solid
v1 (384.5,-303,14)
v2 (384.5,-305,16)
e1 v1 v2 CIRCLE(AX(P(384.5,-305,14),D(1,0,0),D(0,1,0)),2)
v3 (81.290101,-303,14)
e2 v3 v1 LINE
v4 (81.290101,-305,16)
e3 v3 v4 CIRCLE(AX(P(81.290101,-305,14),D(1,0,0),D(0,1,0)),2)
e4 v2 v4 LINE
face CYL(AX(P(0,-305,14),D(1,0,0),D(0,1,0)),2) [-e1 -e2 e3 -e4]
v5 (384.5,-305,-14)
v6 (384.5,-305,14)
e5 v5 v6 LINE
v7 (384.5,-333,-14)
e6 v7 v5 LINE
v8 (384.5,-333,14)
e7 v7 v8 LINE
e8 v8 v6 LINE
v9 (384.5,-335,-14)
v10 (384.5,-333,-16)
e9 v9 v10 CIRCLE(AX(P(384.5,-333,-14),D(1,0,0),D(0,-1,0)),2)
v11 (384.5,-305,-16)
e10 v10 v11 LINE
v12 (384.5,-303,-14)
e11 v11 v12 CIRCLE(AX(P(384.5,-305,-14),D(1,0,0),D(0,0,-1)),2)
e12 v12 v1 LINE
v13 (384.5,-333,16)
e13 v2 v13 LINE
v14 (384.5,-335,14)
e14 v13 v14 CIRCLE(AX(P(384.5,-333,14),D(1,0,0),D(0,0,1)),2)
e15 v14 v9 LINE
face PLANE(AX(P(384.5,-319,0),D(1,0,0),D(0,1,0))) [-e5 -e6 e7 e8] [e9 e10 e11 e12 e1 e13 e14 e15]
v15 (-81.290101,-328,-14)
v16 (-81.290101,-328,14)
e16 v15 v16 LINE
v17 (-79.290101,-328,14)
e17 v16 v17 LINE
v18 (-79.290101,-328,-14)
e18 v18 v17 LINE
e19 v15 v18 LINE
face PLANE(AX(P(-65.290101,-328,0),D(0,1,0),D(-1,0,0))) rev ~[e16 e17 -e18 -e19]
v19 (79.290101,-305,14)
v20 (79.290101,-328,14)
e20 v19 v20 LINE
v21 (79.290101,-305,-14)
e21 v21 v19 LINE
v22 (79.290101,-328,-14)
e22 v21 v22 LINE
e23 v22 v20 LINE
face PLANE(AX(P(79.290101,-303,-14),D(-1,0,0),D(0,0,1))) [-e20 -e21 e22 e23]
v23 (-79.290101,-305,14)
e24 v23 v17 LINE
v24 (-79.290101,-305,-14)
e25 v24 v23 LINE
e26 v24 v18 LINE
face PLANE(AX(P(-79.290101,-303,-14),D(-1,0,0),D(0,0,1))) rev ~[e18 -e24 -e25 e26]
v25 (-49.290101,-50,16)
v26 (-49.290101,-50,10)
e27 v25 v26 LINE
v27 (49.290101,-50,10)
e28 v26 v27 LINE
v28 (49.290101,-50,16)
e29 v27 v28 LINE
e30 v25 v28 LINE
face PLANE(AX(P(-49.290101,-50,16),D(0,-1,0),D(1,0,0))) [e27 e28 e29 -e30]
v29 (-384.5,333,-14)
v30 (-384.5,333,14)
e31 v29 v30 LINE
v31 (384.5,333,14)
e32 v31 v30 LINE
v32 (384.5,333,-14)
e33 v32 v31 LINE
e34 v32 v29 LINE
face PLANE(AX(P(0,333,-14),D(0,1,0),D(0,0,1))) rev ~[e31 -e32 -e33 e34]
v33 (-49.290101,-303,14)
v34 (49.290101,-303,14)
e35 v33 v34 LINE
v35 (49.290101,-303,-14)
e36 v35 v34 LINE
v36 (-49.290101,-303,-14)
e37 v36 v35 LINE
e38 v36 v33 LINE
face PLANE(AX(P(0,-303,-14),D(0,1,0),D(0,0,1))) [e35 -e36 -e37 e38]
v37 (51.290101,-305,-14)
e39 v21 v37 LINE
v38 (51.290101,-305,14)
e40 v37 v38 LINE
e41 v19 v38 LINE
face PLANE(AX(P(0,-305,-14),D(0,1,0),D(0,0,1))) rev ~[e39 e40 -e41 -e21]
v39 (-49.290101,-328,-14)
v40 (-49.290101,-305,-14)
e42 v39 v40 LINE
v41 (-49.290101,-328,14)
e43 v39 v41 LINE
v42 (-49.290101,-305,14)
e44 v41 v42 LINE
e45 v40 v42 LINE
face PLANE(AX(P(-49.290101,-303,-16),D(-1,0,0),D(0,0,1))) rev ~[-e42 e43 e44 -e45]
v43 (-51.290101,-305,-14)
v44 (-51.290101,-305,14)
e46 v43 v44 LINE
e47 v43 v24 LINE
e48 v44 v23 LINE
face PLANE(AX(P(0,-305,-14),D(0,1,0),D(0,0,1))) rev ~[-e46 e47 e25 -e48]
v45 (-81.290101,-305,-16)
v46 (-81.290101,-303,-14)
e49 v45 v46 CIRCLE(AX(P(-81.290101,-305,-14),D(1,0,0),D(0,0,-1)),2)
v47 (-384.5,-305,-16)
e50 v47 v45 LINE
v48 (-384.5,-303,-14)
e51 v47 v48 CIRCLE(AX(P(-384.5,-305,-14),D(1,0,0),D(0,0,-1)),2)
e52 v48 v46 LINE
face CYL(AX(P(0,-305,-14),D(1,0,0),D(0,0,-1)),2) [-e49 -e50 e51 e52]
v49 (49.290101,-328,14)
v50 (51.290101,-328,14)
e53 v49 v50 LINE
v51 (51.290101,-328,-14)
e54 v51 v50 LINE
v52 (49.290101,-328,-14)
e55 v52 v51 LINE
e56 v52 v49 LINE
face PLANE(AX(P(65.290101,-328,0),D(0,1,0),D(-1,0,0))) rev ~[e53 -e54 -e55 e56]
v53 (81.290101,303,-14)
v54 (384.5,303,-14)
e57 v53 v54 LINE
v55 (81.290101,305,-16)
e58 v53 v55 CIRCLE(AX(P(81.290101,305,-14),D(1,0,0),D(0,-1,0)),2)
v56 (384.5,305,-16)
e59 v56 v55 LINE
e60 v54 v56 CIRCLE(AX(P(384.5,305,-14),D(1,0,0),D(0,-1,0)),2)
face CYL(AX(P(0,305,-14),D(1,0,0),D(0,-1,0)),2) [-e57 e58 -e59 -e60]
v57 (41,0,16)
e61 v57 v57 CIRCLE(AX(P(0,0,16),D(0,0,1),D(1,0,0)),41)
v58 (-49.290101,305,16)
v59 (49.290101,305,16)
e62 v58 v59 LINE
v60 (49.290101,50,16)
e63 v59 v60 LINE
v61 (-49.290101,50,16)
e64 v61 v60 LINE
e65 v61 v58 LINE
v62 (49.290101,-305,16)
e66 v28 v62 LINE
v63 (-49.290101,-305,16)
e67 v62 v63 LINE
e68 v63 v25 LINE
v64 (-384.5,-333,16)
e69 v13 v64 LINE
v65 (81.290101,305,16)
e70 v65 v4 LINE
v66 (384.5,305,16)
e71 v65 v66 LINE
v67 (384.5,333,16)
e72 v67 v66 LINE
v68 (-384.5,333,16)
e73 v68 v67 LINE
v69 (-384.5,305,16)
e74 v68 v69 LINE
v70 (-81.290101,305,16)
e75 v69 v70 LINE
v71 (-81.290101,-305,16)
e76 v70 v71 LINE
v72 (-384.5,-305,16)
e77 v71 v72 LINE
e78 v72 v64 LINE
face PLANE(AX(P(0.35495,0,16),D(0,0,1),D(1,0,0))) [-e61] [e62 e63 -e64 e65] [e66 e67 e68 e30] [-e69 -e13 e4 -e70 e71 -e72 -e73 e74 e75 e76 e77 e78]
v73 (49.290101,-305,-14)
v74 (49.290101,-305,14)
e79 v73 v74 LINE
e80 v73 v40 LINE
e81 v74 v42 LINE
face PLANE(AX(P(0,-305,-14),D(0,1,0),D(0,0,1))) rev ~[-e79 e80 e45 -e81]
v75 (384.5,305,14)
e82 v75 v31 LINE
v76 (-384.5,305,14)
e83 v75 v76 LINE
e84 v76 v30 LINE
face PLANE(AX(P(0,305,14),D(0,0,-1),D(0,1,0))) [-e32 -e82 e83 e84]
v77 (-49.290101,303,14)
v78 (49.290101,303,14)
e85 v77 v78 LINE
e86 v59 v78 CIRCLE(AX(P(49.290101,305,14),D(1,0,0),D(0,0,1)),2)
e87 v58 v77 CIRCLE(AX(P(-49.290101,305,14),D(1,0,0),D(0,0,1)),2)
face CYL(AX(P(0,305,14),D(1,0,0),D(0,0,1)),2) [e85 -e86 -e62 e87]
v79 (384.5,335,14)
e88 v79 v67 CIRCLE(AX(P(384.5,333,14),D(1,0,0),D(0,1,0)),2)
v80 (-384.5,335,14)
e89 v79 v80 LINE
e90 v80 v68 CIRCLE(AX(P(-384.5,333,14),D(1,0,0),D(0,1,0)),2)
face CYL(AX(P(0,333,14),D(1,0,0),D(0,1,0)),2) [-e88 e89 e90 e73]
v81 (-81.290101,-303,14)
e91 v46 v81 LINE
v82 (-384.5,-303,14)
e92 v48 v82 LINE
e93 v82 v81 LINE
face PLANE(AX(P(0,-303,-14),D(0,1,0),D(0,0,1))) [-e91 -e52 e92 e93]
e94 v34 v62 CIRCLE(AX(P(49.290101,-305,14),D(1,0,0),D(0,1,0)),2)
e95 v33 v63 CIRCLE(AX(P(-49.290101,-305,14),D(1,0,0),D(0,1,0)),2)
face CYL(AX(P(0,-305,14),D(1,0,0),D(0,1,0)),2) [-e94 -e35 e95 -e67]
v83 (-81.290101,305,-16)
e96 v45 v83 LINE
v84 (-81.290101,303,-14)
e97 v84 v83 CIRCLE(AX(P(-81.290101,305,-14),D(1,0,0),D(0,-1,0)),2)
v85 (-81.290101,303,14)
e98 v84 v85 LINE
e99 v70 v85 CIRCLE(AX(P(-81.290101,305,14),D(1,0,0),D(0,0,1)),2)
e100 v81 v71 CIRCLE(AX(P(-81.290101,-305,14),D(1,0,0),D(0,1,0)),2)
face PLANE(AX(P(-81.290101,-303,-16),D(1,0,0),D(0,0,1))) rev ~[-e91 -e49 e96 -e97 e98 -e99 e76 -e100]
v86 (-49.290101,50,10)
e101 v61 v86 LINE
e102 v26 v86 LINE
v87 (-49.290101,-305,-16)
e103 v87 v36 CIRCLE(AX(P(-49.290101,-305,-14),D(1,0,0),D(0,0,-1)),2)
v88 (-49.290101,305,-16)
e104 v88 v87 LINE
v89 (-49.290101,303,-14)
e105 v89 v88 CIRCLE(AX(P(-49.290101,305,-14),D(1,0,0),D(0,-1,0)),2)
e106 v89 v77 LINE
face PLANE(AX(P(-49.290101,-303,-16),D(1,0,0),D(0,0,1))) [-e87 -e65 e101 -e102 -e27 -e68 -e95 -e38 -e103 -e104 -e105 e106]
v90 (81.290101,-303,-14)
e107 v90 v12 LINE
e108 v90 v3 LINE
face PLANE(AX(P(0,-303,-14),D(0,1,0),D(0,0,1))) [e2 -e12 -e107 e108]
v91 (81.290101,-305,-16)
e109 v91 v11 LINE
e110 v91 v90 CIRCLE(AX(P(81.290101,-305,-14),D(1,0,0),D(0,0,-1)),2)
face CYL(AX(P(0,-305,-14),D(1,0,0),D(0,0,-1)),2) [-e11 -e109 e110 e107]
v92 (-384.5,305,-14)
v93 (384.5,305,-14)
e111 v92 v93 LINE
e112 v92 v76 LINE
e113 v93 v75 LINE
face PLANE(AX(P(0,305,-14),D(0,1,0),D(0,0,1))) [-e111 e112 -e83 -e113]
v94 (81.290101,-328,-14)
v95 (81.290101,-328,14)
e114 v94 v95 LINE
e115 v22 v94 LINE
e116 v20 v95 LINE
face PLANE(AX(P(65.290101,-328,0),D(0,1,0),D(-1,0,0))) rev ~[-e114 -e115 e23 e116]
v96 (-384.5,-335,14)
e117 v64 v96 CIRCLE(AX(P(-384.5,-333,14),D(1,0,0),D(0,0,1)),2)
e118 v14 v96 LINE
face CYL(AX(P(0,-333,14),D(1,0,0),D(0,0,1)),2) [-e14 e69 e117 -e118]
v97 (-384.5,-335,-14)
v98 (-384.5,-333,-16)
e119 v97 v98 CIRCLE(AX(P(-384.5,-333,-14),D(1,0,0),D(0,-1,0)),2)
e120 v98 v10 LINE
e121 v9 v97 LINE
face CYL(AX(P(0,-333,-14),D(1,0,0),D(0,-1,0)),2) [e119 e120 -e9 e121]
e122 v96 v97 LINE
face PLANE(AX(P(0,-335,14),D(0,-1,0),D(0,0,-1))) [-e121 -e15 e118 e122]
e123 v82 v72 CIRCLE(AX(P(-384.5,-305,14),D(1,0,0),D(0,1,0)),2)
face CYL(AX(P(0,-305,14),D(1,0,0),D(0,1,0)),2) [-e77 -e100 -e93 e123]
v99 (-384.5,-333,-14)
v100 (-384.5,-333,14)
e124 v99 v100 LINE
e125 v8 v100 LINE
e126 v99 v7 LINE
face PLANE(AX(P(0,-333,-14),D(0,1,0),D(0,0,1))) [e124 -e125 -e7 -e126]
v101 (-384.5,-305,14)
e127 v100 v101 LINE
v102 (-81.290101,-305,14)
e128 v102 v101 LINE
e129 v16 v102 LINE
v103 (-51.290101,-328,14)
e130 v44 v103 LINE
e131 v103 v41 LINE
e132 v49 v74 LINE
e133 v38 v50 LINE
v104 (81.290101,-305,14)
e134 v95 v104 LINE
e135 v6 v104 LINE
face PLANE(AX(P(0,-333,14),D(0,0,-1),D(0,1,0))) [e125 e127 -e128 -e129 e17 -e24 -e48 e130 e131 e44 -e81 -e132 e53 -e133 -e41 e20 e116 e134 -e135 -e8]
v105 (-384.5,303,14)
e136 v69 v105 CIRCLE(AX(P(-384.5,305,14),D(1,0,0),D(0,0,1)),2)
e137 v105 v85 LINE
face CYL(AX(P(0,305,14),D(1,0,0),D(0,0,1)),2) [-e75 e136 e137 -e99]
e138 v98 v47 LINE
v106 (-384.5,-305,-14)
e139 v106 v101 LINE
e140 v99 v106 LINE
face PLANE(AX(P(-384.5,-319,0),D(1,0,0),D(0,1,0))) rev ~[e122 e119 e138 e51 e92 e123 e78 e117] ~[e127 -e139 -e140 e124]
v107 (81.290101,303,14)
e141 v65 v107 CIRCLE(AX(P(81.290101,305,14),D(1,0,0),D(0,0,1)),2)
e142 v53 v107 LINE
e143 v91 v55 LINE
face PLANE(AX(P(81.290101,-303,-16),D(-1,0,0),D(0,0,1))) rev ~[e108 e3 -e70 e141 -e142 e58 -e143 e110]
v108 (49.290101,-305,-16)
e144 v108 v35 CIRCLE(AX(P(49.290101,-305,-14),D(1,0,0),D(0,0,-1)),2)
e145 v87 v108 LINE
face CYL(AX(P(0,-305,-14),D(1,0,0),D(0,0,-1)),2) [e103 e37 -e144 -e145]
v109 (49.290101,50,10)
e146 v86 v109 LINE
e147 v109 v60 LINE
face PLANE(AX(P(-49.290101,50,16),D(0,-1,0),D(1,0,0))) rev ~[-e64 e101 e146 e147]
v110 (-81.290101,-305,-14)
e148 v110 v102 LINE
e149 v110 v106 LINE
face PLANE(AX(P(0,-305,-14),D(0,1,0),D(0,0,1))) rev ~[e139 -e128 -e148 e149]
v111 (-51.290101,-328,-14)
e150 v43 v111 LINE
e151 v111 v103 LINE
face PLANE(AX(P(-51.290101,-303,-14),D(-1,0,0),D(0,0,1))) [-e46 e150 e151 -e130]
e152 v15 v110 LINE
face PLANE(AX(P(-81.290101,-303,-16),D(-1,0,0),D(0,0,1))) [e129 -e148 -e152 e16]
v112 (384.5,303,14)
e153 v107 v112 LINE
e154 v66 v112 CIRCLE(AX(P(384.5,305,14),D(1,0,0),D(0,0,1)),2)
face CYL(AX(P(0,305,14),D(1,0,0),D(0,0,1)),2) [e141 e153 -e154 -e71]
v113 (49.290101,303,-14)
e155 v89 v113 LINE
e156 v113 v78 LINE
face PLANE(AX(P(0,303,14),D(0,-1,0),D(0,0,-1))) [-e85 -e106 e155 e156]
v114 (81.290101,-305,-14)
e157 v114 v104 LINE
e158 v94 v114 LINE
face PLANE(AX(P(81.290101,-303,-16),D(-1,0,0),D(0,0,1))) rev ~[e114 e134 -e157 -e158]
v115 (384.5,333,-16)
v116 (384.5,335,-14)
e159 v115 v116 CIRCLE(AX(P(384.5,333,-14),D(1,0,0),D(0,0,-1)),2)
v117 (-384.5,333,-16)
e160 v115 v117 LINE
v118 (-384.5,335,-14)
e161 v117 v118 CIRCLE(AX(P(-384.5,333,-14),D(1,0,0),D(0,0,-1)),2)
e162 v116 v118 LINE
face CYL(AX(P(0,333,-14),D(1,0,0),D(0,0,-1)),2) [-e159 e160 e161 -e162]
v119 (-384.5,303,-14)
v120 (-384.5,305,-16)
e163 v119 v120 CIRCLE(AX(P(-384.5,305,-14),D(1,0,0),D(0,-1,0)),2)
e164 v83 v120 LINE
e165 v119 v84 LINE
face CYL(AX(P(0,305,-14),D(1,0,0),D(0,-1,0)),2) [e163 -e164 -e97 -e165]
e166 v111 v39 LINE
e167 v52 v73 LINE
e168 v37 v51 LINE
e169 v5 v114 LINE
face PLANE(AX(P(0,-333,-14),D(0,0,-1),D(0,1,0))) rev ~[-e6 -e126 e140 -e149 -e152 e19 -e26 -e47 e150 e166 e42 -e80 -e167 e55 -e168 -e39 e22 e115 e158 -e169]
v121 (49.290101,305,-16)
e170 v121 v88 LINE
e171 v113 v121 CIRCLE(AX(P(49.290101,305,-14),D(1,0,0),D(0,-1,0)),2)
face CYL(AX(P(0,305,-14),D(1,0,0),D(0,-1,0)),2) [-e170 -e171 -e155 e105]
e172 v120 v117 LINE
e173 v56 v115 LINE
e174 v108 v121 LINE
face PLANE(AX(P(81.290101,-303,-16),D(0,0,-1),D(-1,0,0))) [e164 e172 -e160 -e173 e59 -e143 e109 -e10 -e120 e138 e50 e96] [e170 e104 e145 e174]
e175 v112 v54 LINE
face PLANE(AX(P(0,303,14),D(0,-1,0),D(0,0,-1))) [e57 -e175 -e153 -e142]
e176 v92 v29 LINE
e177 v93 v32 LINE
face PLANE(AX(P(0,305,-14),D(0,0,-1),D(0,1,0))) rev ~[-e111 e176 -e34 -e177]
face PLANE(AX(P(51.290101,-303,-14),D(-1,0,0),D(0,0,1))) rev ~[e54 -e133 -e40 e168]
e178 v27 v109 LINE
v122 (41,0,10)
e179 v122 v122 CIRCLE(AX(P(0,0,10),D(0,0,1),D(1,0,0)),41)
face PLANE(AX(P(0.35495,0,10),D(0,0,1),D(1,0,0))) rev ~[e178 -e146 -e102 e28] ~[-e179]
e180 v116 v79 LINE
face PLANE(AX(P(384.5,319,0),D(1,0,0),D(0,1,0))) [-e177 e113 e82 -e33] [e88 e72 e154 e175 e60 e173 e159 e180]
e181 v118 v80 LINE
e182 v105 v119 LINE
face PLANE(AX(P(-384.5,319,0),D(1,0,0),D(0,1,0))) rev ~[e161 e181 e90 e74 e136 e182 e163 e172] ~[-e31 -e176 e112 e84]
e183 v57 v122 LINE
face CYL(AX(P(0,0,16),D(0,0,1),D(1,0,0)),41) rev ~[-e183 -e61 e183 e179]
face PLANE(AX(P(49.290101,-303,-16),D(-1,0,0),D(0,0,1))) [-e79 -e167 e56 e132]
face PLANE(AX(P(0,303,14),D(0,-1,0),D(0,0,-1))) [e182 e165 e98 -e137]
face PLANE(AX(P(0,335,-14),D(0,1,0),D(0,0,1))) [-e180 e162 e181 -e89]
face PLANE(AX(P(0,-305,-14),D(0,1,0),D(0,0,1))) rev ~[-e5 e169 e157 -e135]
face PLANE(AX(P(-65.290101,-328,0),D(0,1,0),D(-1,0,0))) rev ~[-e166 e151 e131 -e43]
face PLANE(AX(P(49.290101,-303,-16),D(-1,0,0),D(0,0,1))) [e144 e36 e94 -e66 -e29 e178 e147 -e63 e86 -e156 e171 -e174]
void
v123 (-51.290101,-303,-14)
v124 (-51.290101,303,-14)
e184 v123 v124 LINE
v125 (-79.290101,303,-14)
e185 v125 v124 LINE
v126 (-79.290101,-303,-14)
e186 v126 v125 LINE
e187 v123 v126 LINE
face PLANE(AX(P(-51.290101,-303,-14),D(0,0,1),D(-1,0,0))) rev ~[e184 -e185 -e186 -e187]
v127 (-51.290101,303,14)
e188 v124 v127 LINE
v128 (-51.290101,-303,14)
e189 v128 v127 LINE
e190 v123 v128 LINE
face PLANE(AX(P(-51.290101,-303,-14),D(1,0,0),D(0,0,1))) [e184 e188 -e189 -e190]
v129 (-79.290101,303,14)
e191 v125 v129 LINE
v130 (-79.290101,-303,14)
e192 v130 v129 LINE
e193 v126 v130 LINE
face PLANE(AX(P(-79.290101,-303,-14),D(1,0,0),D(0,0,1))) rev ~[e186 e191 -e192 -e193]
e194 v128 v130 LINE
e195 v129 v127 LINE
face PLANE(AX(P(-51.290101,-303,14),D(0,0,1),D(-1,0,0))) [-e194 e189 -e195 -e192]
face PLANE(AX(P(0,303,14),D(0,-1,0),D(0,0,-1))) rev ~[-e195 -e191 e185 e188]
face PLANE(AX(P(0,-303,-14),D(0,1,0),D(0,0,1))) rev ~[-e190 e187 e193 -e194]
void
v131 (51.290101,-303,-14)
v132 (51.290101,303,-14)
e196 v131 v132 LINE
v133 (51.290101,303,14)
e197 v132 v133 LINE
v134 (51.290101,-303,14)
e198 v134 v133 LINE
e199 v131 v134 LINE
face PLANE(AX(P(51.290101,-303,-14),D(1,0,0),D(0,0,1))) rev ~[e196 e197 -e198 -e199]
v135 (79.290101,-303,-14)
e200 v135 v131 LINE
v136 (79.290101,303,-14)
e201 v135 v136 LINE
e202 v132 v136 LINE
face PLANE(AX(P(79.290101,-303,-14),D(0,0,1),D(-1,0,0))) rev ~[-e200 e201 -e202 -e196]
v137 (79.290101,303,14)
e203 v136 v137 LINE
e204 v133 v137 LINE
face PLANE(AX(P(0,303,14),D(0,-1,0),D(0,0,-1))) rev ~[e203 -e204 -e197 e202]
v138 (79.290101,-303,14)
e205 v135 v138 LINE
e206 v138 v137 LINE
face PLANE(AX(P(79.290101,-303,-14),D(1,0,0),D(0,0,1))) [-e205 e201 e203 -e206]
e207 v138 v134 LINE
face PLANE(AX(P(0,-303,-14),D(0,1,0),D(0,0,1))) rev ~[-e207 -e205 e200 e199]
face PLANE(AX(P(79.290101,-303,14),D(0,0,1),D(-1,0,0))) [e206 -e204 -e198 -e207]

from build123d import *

# Parameters (mm, degrees)
F0_W          = 28
F0_H          = 28
F1_DEPTH      = 384.5
F2_W          = 32
F2_H          = 32
F2_W_2        = 28
F2_H_2        = 28
F3_DEPTH      = 608
F3_DEPTH_BACK = 25
F4_W          = 99.2901008725
F4_H          = 100
F5_DEPTH      = 6
F6_R          = 41
F7_DEPTH      = 32.001


with BuildPart() as f1:
    # F0 (on Right) → F1 (new body, symmetric)
    with BuildSketch(Plane.YZ):
        with BuildLine():
            ThreePointArc((-335, -14), (-334.4142135624, -15.4142135624), (-333, -16))
            Line((-333, -16), (-305, -16))
            ThreePointArc((-305, -16), (-303.5857864376, -15.4142135624), (-303, -14))
            Line((-303, -14), (-303, 14))
            ThreePointArc((-303, 14), (-303.5857864376, 15.4142135624), (-305, 16))
            Line((-305, 16), (-333, 16))
            ThreePointArc((-333, 16), (-334.4142135624, 15.4142135624), (-335, 14))
            Line((-335, 14), (-335, -14))
        make_face()
        with Locations((-319, 0)):
            Rectangle(F0_W, F0_H, mode=Mode.SUBTRACT)
    extrude(amount=F1_DEPTH, both=True)



with BuildPart() as f1b:
    # F0 (on Right) → F1, piece 2 (new body, symmetric)
    with BuildSketch(Plane.YZ):
        with BuildLine():
            ThreePointArc((335, 14), (334.4142135624, 15.4142135624), (333, 16))
            Line((333, 16), (305, 16))
            ThreePointArc((305, 16), (303.5857864376, 15.4142135624), (303, 14))
            Line((303, 14), (303, -14))
            ThreePointArc((303, -14), (303.5857864376, -15.4142135624), (305, -16))
            Line((305, -16), (333, -16))
            ThreePointArc((333, -16), (334.4142135624, -15.4142135624), (335, -14))
            Line((335, -14), (335, 14))
        make_face()
        with Locations((319, 0)):
            Rectangle(F0_W, F0_H, mode=Mode.SUBTRACT)
    extrude(amount=F1_DEPTH, both=True)


with BuildPart() as f1_1:
    add(f1.part)

    add(f1b.part)  # F3 merges F1b
    # F2 (on face) → F3 (join, two sides)
    with BuildSketch(Plane(origin=(0, -303, 0), x_dir=(-1, 0, 0), z_dir=(0, 1, 0))) as f3_sk:
        with Locations((-65.2901008725, 0)):
            Rectangle(F2_W, F2_H)
        with Locations((-65.2901008725, 0)):
            Rectangle(F2_W_2, F2_H_2, mode=Mode.SUBTRACT)
        with Locations((65.2901008725, 0)):
            Rectangle(F2_W, F2_H)
        with Locations((65.2901008725, 0)):
            Rectangle(F2_W_2, F2_H_2, mode=Mode.SUBTRACT)
    extrude(amount=F3_DEPTH)
    extrude(f3_sk.sketch, amount=-F3_DEPTH_BACK)

    # F4 (on face) → F5 (join)
    with BuildSketch(Plane.XY.offset(16)):
        with Locations((0.3549495637, 0)):
            Rectangle(F4_W, F4_H)
    extrude(amount=-F5_DEPTH)

    # F6 (on face) → F7 (cut, through all)
    with BuildSketch(Plane.XY.offset(16)):
        Circle(F6_R)
    extrude(amount=-F7_DEPTH, mode=Mode.SUBTRACT)


solid = f1_1.part
